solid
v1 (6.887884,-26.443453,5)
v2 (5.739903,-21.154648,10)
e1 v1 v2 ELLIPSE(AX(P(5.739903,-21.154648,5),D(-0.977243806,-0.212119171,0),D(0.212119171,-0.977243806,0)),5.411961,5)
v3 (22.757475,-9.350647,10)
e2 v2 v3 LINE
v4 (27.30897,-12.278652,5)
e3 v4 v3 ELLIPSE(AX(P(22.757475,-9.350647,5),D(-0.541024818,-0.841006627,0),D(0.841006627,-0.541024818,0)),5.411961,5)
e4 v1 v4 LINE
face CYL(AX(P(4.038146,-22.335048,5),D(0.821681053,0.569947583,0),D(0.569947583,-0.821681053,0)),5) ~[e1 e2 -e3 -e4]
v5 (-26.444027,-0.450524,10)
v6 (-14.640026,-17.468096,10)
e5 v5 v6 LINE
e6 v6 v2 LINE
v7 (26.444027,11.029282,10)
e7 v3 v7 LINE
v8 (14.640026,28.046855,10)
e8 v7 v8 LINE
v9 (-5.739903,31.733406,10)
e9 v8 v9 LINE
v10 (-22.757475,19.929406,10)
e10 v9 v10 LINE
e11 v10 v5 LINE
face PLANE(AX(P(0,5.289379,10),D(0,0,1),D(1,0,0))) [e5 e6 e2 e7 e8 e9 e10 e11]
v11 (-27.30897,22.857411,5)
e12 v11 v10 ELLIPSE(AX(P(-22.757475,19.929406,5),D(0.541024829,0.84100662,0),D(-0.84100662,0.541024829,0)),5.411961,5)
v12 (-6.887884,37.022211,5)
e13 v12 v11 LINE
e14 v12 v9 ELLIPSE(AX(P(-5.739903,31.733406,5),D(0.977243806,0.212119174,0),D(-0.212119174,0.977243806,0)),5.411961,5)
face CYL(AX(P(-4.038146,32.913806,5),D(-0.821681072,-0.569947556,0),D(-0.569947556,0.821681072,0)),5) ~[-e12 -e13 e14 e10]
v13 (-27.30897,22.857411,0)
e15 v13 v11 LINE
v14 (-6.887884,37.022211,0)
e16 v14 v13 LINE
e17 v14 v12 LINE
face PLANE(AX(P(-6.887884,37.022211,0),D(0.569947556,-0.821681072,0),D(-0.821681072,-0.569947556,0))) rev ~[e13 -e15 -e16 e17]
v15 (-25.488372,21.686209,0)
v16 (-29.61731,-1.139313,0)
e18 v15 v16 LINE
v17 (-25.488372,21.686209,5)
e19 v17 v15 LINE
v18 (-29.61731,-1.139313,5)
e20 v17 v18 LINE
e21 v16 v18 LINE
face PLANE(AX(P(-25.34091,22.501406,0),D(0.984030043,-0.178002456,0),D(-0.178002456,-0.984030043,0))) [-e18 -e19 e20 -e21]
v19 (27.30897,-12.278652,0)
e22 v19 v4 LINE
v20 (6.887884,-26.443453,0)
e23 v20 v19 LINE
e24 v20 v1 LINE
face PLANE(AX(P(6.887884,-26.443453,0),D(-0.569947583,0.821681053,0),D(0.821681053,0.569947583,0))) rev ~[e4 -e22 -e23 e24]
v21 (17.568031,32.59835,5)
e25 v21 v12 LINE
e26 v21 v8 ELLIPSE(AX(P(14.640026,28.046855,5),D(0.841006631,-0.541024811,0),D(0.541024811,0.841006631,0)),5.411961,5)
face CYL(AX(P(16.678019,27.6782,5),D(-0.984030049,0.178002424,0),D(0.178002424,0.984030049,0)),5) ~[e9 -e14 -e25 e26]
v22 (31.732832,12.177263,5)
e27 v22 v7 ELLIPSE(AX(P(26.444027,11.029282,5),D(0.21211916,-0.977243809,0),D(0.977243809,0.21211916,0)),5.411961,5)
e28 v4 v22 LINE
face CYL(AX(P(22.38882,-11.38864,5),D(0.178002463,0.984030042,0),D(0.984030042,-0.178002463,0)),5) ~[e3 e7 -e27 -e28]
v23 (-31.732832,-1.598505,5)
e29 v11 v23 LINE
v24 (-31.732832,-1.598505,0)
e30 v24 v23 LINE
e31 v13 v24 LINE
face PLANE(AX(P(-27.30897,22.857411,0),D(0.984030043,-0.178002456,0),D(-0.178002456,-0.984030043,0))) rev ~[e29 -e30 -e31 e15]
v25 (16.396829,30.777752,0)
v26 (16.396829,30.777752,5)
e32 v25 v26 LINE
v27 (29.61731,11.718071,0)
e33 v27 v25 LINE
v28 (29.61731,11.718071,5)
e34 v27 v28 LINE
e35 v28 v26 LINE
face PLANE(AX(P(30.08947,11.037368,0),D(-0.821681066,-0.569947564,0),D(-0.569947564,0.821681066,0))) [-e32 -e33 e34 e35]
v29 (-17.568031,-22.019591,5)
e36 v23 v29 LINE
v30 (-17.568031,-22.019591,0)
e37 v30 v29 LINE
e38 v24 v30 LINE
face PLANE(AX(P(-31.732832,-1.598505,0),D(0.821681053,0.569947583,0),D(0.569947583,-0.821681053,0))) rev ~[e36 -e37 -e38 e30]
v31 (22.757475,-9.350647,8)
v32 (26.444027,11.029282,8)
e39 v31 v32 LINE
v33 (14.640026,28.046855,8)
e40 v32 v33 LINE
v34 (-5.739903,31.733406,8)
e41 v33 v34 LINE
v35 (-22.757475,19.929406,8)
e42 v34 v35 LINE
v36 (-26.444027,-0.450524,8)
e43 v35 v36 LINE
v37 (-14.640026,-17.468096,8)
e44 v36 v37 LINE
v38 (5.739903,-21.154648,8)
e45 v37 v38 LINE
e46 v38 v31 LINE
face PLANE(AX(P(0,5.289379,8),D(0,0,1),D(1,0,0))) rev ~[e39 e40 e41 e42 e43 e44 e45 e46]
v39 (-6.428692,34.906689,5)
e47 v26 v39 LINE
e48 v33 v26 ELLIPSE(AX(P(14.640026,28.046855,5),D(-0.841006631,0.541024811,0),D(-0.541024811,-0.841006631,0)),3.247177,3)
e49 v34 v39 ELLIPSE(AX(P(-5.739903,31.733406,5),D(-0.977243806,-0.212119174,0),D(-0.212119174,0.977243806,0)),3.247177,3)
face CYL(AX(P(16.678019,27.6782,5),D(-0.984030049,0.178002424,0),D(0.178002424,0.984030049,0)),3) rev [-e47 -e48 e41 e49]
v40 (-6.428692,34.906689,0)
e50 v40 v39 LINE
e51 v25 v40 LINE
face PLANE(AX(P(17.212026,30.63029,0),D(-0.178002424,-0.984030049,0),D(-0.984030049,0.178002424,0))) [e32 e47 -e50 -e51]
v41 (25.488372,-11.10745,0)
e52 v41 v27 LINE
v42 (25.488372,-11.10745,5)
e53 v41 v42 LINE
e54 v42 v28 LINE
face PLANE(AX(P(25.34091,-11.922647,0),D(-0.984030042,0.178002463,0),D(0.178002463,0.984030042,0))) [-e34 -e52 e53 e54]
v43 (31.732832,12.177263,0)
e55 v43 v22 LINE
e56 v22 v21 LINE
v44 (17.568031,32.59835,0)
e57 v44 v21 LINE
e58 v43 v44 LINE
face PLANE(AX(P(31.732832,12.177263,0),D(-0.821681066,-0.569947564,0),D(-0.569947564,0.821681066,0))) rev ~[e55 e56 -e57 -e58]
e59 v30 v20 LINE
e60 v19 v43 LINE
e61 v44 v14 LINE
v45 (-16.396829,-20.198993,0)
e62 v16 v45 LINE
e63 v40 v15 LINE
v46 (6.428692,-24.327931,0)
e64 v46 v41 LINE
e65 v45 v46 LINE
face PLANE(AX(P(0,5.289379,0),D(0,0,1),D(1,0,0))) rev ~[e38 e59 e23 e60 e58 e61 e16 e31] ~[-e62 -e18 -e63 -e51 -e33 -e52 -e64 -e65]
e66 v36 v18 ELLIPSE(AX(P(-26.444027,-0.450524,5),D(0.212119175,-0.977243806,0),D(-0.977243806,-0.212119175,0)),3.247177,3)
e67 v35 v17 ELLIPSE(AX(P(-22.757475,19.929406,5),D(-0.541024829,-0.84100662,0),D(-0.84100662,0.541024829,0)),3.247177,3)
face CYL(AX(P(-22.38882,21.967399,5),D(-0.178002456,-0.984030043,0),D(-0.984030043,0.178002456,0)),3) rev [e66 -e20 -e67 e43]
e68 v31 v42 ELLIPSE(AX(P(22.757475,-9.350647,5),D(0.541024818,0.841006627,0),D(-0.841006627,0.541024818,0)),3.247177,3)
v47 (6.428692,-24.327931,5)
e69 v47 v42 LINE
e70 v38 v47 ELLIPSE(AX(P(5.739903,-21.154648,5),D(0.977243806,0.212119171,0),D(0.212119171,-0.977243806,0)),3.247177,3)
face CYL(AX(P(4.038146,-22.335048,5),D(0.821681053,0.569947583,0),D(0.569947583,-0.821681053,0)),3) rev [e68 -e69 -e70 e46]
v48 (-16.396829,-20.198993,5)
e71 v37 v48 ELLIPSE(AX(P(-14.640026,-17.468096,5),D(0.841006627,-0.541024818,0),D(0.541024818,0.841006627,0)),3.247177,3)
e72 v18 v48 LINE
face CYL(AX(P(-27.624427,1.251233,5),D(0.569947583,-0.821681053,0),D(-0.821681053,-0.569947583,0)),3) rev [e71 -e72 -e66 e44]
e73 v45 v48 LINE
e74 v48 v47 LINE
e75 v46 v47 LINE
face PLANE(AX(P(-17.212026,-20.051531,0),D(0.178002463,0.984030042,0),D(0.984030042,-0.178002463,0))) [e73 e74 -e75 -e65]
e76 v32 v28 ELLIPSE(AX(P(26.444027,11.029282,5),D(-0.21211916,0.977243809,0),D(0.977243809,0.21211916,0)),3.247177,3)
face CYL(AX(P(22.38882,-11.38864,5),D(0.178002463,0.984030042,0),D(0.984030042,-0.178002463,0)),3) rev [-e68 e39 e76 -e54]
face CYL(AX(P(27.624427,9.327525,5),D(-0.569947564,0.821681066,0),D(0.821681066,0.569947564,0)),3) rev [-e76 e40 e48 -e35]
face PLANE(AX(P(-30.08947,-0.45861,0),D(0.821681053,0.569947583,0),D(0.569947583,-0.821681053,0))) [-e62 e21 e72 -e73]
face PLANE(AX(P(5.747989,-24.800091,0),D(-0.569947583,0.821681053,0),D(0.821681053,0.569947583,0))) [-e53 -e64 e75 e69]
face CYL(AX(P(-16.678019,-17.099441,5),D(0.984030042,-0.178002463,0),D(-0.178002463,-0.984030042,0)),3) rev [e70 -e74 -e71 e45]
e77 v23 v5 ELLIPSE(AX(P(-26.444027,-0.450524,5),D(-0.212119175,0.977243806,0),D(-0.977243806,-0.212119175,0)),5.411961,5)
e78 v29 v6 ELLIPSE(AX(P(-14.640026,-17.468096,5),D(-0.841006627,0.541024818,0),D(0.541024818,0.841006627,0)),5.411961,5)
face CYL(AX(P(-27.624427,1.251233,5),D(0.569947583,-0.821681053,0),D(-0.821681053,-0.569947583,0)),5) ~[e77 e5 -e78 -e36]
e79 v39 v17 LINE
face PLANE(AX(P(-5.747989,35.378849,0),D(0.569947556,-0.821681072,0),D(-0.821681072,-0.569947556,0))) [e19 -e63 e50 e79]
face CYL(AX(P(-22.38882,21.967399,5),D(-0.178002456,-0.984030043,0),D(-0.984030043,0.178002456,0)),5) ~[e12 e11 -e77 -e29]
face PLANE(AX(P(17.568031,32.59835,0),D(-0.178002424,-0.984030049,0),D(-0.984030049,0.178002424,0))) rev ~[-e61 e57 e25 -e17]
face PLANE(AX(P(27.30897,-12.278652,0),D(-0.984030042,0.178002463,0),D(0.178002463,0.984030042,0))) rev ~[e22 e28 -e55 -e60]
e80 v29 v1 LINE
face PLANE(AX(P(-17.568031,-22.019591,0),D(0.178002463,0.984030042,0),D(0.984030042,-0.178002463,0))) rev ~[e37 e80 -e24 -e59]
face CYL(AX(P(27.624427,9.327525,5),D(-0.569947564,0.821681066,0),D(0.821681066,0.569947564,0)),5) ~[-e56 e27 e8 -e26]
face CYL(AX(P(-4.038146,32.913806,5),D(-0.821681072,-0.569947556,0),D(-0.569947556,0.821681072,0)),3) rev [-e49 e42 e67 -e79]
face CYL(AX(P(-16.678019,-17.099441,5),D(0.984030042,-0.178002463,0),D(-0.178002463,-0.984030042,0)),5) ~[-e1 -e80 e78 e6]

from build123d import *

# Parameters (mm, degrees)
F1_DEPTH = 10
F2_R     = 5
F3_T     = -2


with BuildPart() as f1:
    # F0 (on Top) → F1 (new body)
    with BuildSketch(Plane.XY):
        Polygon((-27.30897, 22.857411), (-31.732832, -1.598505), (-17.568031, -22.019591), (6.887884, -26.443453), (27.30897, -12.278652), (31.732832, 12.177263), (17.568031, 32.59835), (-6.887884, 37.022211), align=None)
    extrude(amount=F1_DEPTH)

    # F2
    f2_edges = [f1.edges().sort_by_distance(p)[0] for p in [
        (-5.340074, -24.231522, 10),
        (17.098427, -19.361053, 10),
        (29.520901, -0.050694, 10),
        (24.650432, 22.387806, 10),
        (5.340074, 34.810281, 10),
        (-17.098427, 29.939811, 10),
        (-29.520901, 10.629453, 10),
        (-24.650432, -11.809048, 10),
    ]]
    fillet(f2_edges, radius=F2_R)

    # F3
    f3_openings = [f1.faces().sort_by_distance(p)[0] for p in [
        (0, 5.289379, 0),
    ]]
    offset(amount=F3_T, openings=f3_openings)


solid = f1.part
